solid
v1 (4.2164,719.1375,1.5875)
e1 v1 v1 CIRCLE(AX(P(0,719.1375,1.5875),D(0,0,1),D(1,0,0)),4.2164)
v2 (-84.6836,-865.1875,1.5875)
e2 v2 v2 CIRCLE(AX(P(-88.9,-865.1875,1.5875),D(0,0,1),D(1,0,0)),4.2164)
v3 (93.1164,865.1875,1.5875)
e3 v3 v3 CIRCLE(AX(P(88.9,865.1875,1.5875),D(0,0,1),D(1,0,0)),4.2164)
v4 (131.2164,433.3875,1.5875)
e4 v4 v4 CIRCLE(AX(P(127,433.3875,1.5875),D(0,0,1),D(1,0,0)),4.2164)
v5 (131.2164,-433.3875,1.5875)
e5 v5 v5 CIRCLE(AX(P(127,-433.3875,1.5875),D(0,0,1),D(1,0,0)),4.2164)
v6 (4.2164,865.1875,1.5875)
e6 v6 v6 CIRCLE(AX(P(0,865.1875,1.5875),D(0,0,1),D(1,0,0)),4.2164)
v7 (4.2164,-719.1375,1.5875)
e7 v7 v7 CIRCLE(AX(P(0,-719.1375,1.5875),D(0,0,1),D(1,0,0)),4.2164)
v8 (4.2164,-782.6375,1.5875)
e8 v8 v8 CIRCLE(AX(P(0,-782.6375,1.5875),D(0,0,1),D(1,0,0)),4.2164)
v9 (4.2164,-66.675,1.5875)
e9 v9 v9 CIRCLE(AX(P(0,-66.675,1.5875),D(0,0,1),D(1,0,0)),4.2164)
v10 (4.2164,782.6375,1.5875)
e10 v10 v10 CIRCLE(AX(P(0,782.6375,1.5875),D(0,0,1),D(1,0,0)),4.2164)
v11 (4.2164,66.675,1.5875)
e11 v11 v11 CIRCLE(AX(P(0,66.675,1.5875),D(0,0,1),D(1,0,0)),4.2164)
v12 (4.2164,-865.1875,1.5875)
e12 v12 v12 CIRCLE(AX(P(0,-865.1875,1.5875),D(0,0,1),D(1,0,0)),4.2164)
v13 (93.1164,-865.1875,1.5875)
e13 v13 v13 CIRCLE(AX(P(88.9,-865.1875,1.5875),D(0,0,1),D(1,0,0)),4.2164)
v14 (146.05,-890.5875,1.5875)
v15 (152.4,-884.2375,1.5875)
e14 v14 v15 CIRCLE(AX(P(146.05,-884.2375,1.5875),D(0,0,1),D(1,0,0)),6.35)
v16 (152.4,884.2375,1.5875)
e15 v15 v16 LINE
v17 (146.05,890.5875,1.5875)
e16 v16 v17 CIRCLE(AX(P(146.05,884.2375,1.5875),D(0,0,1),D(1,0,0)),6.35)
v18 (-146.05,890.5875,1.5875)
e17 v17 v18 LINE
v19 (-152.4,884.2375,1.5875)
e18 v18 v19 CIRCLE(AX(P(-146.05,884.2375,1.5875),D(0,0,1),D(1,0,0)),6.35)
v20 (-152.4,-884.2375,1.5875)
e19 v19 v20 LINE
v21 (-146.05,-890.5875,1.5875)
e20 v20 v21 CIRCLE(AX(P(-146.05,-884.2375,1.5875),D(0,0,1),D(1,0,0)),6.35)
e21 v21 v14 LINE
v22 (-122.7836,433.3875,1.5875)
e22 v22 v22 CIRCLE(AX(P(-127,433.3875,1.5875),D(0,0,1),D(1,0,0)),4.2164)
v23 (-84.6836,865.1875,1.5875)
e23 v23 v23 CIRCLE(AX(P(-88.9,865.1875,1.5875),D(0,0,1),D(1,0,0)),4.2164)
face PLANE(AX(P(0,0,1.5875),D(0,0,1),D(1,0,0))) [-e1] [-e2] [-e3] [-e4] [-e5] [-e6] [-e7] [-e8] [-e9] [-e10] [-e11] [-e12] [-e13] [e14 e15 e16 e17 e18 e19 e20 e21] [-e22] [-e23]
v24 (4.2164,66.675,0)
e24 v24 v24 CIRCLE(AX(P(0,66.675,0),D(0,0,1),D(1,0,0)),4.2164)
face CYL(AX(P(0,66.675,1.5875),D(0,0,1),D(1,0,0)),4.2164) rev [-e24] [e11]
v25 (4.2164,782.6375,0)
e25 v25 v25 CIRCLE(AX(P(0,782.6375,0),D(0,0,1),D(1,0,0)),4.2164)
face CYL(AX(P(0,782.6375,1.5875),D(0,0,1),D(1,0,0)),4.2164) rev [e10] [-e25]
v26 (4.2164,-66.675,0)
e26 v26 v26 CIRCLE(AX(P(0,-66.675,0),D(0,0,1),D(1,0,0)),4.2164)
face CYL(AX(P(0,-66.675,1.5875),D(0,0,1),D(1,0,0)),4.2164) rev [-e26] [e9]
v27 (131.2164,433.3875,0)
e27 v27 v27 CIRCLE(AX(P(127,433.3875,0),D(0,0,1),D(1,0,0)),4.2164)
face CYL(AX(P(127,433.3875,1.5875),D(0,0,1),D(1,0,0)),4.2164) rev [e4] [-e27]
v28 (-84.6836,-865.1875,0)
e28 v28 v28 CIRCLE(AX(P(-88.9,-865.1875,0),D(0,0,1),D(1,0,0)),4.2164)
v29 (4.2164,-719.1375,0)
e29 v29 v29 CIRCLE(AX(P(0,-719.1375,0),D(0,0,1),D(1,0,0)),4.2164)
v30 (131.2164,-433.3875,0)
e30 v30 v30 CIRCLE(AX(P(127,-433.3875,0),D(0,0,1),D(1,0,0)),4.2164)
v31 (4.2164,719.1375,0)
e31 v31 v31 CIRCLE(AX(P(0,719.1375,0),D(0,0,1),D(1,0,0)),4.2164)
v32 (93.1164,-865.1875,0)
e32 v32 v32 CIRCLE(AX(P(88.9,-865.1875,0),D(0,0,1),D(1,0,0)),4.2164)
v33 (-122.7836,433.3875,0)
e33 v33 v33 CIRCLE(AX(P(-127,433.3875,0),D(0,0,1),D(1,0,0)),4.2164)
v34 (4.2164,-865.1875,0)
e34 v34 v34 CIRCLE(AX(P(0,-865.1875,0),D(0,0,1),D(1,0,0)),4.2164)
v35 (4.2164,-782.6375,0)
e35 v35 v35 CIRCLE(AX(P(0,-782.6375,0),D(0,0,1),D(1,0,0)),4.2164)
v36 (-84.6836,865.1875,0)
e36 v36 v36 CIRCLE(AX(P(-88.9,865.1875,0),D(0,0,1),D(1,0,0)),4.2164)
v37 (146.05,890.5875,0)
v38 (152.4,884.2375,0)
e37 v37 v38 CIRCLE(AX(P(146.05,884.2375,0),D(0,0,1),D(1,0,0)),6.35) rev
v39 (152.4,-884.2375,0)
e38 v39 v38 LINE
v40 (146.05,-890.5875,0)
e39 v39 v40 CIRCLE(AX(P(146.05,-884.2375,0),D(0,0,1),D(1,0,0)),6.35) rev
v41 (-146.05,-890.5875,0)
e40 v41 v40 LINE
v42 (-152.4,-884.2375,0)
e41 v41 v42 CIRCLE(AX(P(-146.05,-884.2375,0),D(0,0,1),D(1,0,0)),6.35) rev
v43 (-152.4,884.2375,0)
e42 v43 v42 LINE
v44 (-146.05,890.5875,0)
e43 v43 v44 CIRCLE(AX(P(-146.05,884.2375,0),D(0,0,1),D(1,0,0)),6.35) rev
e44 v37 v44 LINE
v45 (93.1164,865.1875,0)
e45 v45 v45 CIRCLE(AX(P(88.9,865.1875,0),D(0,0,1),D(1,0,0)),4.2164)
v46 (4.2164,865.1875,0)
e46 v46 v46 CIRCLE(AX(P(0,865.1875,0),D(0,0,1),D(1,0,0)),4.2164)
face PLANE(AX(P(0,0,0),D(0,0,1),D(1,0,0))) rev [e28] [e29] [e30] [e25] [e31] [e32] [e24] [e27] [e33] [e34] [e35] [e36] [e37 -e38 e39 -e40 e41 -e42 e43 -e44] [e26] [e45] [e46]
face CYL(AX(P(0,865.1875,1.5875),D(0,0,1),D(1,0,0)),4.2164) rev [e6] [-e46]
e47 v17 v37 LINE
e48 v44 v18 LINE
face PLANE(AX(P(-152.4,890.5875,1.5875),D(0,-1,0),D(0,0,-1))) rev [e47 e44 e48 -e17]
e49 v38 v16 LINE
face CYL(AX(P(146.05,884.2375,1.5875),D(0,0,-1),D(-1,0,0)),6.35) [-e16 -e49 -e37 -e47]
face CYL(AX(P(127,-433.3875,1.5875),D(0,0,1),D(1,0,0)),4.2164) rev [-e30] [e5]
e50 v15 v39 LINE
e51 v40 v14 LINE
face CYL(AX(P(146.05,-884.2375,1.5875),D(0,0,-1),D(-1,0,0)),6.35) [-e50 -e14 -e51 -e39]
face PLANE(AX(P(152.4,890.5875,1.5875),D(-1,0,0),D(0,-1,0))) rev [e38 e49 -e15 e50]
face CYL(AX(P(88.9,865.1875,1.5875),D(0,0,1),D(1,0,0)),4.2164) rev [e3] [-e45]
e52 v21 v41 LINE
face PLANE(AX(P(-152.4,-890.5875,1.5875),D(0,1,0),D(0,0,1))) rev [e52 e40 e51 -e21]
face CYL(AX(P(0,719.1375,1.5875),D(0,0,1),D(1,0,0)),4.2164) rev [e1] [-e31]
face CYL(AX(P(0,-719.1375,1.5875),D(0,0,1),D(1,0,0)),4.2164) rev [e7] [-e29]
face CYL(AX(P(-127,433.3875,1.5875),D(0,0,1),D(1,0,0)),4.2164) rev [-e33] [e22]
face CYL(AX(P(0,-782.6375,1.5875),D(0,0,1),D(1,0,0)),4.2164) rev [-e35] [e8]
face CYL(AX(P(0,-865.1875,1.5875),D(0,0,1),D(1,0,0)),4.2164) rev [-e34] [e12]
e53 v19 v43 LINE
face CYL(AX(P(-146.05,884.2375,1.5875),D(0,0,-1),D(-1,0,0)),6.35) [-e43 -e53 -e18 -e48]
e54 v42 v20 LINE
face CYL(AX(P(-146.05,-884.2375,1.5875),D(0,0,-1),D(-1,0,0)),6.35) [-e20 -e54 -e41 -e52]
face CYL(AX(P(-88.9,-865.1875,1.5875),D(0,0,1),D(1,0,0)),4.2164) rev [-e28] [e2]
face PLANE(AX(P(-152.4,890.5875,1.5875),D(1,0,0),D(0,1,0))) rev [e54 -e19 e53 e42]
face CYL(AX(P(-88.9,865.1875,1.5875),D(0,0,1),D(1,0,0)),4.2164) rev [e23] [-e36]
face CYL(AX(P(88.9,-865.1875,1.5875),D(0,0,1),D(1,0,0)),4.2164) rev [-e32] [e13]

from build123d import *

# Parameters (mm, degrees)
SKETCH1_W                    = 304.8
SKETCH1_H                    = 1781.175
BOSS_EXTRUDE1_DEPTH          = 1.5875
F_5_16_CLEARANCE_HOLE1_D     = 8.4328
F_5_16_CLEARANCE_HOLE1_DEPTH = 1.5875
FILLET4_R                    = 6.35


with BuildPart() as part:
    # Sketch1 → Boss-Extrude1 (new body)
    with BuildSketch(Plane.XY):
        Rectangle(SKETCH1_W, SKETCH1_H)
    extrude(amount=BOSS_EXTRUDE1_DEPTH)

    # 5/16 Clearance Hole1
    with Locations(Plane.XY.offset(1.5875)):
        with Locations((0, 865.1875), (-127, 433.3875), (127, 433.3875), (0, 66.675), (0, -66.675), (127, -433.3875), (0, -865.1875), (0, 782.6375), (0, 719.1375), (0, -782.6375), (0, -719.1375), (-88.9, 865.1875), (88.9, 865.1875), (-88.9, -865.1875), (88.9, -865.1875)):
            Hole(F_5_16_CLEARANCE_HOLE1_D / 2, depth=F_5_16_CLEARANCE_HOLE1_DEPTH)

    # Fillet4
    fillet4_edges = [part.edges().sort_by_distance(p)[0] for p in [
        (152.4, -890.5875, 0.79375),
        (-152.4, -890.5875, 0.79375),
        (-152.4, 890.5875, 0.79375),
        (152.4, 890.5875, 0.79375),
    ]]
    fillet(fillet4_edges, radius=FILLET4_R)


solid = part.part
